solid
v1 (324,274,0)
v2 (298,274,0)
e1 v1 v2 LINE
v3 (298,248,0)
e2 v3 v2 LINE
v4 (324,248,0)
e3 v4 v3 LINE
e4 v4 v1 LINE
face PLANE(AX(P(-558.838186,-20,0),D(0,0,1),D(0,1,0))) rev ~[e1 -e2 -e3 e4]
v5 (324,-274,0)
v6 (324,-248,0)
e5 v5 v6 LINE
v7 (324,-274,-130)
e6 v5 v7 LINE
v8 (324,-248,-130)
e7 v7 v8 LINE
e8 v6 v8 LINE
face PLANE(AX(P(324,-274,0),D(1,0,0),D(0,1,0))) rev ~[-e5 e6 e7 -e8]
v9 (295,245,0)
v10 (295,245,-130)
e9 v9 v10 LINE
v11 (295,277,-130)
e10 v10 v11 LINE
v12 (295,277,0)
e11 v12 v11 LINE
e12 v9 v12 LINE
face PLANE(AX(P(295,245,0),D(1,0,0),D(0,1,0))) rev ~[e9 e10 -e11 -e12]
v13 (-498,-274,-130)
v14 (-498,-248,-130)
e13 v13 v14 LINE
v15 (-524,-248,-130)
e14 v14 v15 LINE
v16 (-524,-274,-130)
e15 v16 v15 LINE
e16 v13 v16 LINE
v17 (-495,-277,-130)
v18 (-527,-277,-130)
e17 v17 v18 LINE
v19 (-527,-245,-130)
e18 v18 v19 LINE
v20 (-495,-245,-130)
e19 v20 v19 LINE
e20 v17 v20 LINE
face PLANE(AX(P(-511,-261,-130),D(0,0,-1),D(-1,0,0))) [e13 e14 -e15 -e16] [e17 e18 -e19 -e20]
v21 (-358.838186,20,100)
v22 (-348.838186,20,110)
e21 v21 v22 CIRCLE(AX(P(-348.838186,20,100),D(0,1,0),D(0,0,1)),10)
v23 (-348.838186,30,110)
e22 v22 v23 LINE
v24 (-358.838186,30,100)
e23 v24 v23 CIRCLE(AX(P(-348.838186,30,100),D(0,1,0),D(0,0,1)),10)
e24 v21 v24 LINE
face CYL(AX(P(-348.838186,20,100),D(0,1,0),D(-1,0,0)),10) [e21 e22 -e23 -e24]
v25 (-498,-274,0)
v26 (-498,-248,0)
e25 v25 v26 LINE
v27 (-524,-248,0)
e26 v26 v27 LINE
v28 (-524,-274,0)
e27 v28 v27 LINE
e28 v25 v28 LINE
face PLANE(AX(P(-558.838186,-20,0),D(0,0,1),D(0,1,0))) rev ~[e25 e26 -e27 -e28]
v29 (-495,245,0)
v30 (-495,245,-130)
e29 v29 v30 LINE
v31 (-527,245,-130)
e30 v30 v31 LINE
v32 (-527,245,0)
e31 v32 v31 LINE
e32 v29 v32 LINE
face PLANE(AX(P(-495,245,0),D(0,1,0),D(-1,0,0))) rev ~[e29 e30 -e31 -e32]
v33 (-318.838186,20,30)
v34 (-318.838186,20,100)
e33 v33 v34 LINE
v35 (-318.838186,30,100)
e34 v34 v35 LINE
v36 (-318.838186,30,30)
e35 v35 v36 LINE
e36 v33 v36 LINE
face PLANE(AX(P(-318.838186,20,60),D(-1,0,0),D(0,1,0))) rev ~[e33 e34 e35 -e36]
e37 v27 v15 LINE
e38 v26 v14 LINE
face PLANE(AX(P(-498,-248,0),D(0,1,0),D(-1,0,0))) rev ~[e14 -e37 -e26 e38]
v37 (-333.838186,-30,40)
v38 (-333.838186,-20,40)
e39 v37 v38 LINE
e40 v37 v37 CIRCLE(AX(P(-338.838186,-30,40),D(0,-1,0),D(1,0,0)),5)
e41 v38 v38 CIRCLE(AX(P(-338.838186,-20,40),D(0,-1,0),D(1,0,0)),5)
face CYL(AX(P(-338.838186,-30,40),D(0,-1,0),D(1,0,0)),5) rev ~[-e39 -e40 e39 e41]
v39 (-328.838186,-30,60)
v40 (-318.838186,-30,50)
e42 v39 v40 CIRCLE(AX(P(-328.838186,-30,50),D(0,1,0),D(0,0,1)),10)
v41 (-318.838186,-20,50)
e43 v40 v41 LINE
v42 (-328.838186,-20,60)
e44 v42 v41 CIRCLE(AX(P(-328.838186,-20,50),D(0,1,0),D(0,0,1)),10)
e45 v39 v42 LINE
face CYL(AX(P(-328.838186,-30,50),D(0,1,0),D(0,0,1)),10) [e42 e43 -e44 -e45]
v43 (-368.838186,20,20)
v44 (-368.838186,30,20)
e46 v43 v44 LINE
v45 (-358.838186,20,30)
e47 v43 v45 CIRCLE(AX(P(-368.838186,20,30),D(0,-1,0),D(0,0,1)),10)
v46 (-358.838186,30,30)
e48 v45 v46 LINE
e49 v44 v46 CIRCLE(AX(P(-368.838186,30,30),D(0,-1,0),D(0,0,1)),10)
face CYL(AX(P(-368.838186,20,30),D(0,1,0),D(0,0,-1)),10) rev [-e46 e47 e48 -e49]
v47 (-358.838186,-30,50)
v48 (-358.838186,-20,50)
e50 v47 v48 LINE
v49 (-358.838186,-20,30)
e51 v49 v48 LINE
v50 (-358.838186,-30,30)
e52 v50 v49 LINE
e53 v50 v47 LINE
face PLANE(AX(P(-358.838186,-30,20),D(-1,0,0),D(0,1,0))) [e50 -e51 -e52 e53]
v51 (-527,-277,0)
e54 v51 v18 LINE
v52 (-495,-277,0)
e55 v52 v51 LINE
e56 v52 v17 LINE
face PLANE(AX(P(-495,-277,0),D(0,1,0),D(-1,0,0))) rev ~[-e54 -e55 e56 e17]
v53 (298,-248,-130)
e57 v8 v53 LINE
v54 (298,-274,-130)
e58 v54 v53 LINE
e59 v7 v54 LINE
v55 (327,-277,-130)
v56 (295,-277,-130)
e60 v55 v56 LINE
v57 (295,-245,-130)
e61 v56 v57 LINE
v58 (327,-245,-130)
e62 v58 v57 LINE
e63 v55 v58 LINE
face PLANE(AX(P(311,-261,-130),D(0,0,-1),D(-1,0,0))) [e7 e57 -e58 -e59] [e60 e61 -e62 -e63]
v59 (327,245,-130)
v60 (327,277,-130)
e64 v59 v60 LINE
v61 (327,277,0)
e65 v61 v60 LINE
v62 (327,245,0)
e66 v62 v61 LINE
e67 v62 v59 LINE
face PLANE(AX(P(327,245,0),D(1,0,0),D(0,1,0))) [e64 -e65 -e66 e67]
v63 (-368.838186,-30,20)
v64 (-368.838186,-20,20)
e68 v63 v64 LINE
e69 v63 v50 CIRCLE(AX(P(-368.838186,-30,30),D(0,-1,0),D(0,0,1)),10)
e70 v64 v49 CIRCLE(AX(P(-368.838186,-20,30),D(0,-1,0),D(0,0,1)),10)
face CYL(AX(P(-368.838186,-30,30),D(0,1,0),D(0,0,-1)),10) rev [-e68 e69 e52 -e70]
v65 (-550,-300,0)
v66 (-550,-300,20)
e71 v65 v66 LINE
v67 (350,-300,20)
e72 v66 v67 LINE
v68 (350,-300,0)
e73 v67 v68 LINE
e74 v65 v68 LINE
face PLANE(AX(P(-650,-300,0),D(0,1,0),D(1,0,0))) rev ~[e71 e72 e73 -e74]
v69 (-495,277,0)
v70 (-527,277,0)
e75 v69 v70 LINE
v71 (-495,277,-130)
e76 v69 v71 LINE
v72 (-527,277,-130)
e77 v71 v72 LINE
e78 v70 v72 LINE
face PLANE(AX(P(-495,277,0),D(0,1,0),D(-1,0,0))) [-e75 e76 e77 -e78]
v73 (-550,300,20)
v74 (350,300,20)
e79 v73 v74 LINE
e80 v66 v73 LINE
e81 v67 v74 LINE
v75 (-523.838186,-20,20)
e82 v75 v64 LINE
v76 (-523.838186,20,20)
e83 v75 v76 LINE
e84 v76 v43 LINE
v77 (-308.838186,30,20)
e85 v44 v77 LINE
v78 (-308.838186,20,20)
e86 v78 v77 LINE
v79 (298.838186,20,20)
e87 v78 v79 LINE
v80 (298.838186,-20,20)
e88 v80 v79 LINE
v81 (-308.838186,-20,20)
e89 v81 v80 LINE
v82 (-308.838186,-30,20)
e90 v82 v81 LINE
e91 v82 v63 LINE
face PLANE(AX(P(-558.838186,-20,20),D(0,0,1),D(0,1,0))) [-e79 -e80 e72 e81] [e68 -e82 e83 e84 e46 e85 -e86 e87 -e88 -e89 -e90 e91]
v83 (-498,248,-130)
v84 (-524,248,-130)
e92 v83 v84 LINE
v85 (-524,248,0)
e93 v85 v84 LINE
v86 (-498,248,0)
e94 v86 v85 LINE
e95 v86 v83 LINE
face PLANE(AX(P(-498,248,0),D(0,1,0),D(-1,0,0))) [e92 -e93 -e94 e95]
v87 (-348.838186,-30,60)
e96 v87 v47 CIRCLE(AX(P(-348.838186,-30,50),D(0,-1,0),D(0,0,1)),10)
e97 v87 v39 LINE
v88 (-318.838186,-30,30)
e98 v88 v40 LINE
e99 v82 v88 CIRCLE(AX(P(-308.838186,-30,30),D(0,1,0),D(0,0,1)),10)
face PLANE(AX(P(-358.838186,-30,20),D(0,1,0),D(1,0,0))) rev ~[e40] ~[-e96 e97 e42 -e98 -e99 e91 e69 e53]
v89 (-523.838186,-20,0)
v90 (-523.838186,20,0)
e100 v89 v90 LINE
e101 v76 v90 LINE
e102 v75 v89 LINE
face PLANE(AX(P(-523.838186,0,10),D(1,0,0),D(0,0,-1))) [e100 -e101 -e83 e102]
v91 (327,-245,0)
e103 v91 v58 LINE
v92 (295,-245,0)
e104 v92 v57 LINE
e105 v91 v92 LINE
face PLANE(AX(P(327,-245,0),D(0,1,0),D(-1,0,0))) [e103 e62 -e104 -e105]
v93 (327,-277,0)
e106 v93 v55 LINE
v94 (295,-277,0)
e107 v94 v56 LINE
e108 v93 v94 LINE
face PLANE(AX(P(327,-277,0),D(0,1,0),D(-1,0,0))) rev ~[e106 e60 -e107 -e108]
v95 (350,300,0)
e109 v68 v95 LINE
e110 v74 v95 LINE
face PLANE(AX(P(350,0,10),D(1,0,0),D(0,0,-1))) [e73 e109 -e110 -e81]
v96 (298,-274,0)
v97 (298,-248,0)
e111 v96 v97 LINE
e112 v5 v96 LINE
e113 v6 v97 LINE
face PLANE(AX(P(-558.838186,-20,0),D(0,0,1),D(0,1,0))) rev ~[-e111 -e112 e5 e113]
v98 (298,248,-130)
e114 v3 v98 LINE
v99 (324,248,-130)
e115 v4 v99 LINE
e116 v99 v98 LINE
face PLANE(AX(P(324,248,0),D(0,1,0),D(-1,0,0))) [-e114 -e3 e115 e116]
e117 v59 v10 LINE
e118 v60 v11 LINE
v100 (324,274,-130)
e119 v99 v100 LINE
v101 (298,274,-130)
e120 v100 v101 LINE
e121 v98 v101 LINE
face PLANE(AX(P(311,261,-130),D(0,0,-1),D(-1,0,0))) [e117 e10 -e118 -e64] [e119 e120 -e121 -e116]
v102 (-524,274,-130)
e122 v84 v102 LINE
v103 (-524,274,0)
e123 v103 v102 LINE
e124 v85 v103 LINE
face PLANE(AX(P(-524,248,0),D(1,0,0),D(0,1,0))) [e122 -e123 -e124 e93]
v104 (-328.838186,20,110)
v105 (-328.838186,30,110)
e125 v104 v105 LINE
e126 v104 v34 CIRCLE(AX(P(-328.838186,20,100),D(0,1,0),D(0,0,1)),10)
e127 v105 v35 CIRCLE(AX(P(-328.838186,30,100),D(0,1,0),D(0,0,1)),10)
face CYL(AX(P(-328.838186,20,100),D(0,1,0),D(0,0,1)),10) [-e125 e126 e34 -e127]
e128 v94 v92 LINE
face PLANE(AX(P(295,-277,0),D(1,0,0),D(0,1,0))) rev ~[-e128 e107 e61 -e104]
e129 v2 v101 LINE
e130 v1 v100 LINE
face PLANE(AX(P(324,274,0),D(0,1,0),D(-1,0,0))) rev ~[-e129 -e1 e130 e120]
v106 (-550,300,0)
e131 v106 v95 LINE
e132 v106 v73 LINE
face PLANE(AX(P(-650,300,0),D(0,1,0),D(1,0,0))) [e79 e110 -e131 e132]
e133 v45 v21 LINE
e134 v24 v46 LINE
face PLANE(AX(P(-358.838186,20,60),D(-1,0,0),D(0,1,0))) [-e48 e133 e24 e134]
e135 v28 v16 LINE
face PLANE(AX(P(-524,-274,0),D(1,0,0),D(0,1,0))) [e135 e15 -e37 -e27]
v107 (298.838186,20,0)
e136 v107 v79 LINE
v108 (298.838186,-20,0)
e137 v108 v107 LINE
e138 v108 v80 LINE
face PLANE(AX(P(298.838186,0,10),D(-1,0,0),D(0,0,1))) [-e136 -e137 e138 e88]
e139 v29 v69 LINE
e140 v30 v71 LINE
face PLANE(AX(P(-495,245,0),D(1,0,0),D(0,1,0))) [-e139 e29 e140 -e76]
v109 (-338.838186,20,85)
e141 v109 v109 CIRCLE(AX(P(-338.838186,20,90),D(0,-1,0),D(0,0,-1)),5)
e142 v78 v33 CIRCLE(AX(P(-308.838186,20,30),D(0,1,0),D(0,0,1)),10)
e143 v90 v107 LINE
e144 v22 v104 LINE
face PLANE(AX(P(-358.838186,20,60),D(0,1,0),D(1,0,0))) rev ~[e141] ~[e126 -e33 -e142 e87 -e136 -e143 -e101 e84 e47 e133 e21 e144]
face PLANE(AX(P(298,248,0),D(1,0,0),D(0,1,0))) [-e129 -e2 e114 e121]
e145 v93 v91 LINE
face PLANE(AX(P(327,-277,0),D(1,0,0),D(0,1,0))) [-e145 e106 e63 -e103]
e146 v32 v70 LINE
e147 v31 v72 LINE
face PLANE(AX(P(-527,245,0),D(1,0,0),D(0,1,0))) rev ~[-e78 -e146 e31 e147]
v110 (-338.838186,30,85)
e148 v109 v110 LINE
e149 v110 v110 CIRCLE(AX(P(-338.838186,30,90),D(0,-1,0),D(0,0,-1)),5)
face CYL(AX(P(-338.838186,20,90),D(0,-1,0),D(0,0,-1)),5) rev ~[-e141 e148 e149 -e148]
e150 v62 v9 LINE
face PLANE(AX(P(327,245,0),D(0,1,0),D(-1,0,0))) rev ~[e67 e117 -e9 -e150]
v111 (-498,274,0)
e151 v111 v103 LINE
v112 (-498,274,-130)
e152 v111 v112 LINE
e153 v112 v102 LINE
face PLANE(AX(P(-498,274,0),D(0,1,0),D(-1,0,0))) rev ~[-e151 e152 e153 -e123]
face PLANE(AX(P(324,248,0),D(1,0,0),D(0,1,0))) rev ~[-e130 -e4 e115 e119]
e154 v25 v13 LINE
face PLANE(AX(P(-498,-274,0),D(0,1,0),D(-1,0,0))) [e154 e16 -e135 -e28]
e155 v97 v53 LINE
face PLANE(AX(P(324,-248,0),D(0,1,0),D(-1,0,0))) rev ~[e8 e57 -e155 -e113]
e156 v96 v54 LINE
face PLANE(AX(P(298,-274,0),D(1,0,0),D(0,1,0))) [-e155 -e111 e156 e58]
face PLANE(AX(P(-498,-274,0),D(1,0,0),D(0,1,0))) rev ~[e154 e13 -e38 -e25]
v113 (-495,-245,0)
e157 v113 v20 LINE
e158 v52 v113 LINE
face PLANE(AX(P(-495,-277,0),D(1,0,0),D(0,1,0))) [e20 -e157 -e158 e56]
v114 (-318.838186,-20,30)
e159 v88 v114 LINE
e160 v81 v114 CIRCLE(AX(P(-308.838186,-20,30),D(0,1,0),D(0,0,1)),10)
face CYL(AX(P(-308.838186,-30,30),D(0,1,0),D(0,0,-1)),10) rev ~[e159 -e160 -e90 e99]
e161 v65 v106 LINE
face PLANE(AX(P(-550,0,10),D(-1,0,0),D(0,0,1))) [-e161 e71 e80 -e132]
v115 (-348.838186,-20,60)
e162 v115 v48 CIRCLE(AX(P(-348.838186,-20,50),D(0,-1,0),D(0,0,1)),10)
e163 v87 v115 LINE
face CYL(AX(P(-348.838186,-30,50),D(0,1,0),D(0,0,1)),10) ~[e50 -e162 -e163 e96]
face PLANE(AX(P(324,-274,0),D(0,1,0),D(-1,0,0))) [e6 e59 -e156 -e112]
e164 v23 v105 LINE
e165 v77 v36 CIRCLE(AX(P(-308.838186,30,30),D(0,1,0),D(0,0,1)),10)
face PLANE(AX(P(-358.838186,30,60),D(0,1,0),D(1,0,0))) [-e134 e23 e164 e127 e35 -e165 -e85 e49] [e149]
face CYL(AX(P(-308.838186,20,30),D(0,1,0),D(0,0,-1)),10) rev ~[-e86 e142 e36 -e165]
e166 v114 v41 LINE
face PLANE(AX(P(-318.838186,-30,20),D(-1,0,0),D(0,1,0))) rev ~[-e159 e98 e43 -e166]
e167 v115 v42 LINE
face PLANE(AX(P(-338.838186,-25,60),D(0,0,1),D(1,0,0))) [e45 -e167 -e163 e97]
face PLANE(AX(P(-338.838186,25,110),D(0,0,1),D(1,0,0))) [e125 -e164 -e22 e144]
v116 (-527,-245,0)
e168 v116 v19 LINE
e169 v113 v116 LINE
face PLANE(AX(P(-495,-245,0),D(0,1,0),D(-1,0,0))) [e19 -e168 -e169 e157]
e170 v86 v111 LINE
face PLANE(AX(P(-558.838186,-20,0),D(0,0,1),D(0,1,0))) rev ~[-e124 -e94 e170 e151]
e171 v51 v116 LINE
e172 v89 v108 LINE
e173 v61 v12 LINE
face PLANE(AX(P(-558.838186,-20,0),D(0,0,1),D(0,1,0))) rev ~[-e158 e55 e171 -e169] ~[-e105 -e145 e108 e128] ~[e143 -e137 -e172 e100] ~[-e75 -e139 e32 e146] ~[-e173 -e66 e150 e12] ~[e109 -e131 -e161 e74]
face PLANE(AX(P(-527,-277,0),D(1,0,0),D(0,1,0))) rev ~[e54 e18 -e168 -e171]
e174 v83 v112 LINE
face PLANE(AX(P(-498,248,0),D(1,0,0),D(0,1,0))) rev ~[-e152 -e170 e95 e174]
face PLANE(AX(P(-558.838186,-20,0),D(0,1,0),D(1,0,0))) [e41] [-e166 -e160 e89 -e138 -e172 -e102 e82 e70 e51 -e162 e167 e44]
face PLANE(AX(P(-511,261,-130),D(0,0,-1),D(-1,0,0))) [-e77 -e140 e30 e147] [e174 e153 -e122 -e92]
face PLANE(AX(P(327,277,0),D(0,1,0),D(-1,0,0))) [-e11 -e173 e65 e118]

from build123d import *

# Parameters (mm, degrees)
SKETCH1_W           = 1300
SKETCH1_H           = 600
SKETCH1_W_2         = 1117.676372874
SKETCH1_H_2         = 40
BOSS_EXTRUDE1_DEPTH = 20
SKETCH2_W           = 40
SKETCH2_H           = 10
BOSS_EXTRUDE2_DEPTH = 40
SKETCH3_R           = 5
CUT_EXTRUDE1_DEPTH  = 10
SKETCH4_W           = 40
SKETCH4_H           = 10
BOSS_EXTRUDE3_DEPTH = 50
SKETCH5_R           = 5
CUT_EXTRUDE2_DEPTH  = 10
FILLET1_R           = 10
FILLET2_R           = 10
FILLET3_R           = 10
FILLET4_R           = 10
FILLET5_R           = 10
FILLET6_R           = 10
FILLET7_R           = 10
FILLET8_R           = 10
SKETCH6_W           = 20
SKETCH6_H           = 40
BOSS_EXTRUDE4_DEPTH = 260
SKETCH7_W           = 20
SKETCH7_H           = 40
BOSS_EXTRUDE5_DEPTH = 35
SKETCH8_W           = 20
SKETCH8_H           = 600
CUT_EXTRUDE3_DEPTH  = 100
SKETCH9_W           = 20
SKETCH9_H           = 600
CUT_EXTRUDE4_DEPTH  = 300
SKETCH10_W          = 32
SKETCH10_H          = 32
SKETCH10_W_2        = 26
SKETCH10_H_2        = 26
BOSS_EXTRUDE6_DEPTH = 130


with BuildPart() as part:
    # Sketch1 → Boss-Extrude1 (new body)
    with BuildSketch(Plane.XY):
        Rectangle(SKETCH1_W, SKETCH1_H)
        Rectangle(SKETCH1_W_2, SKETCH1_H_2, mode=Mode.SUBTRACT)
    extrude(amount=BOSS_EXTRUDE1_DEPTH)

    # Sketch2 → Boss-Extrude2 (add)
    with BuildSketch(Plane.XY.offset(20)):
        with Locations((-338.838186437, 25)):
            Rectangle(SKETCH2_W, SKETCH2_H)
        with Locations((-338.838186437, -25)):
            Rectangle(SKETCH2_W, SKETCH2_H)
    extrude(amount=BOSS_EXTRUDE2_DEPTH)

    # Sketch3 → Cut-Extrude1 (cut)
    with BuildSketch(Plane.XZ.offset(30)):
        with Locations((-338.838186437, 40)):
            Circle(SKETCH3_R)
    extrude(amount=-CUT_EXTRUDE1_DEPTH, mode=Mode.SUBTRACT)

    # Sketch4 → Boss-Extrude3 (add)
    with BuildSketch(Plane.XY.offset(60)):
        with Locations((-338.838186437, 25)):
            Rectangle(SKETCH4_W, SKETCH4_H)
    extrude(amount=BOSS_EXTRUDE3_DEPTH)

    # Sketch5 → Cut-Extrude2 (cut)
    with BuildSketch(Plane.XZ.offset(-20)):
        with Locations(Location((-338.838186437, 90, 0), (0, 0, 270))):
            Circle(SKETCH5_R)
    extrude(amount=-CUT_EXTRUDE2_DEPTH, mode=Mode.SUBTRACT)

    # Fillet1
    fillet1_edges = [part.edges().sort_by_distance(p)[0] for p in [
        (-318.838186437, -25, 20),
    ]]
    fillet(fillet1_edges, radius=FILLET1_R)

    # Fillet2
    fillet2_edges = [part.edges().sort_by_distance(p)[0] for p in [
        (-318.838186437, 25, 20),
    ]]
    fillet(fillet2_edges, radius=FILLET2_R)

    # Fillet3
    fillet3_edges = [part.edges().sort_by_distance(p)[0] for p in [
        (-358.838186437, -25, 20),
    ]]
    fillet(fillet3_edges, radius=FILLET3_R)

    # Fillet4
    fillet4_edges = [part.edges().sort_by_distance(p)[0] for p in [
        (-358.838186437, 25, 20),
    ]]
    fillet(fillet4_edges, radius=FILLET4_R)

    # Fillet5
    fillet5_edges = [part.edges().sort_by_distance(p)[0] for p in [
        (-318.838186437, -25, 60),
    ]]
    fillet(fillet5_edges, radius=FILLET5_R)

    # Fillet6
    fillet6_edges = [part.edges().sort_by_distance(p)[0] for p in [
        (-358.838186437, -25, 60),
    ]]
    fillet(fillet6_edges, radius=FILLET6_R)

    # Fillet7
    fillet7_edges = [part.edges().sort_by_distance(p)[0] for p in [
        (-358.838186437, 25, 110),
    ]]
    fillet(fillet7_edges, radius=FILLET7_R)

    # Fillet8
    fillet8_edges = [part.edges().sort_by_distance(p)[0] for p in [
        (-318.838186437, 25, 110),
    ]]
    fillet(fillet8_edges, radius=FILLET8_R)

    # Sketch6 → Boss-Extrude4 (add)
    with BuildSketch(Plane.ZY.offset(-558.838186437)):
        with Locations((10, 0)):
            Rectangle(SKETCH6_W, SKETCH6_H)
    extrude(amount=BOSS_EXTRUDE4_DEPTH)

    # Sketch7 → Boss-Extrude5 (add)
    with BuildSketch(Plane(origin=(-558.838186437, 0, 0), x_dir=(0, 0, -1), z_dir=(1, 0, 0))):
        with Locations((-10, 0)):
            Rectangle(SKETCH7_W, SKETCH7_H)
    extrude(amount=BOSS_EXTRUDE5_DEPTH)

    # Sketch8 → Cut-Extrude3 (cut)
    with BuildSketch(Plane.ZY.offset(650)):
        with Locations((10, 0)):
            Rectangle(SKETCH8_W, SKETCH8_H)
    extrude(amount=-CUT_EXTRUDE3_DEPTH, mode=Mode.SUBTRACT)

    # Sketch9 → Cut-Extrude4 (cut)
    with BuildSketch(Plane(origin=(650, 0, 0), x_dir=(0, 0, -1), z_dir=(1, 0, 0))):
        with Locations((-10, 0)):
            Rectangle(SKETCH9_W, SKETCH9_H)
    extrude(amount=-CUT_EXTRUDE4_DEPTH, mode=Mode.SUBTRACT)

    # Sketch10 → Boss-Extrude6 (add)
    # profile 1 of 4: a face of its own
    with BuildSketch(Plane(origin=(0, 0, 0), x_dir=(-1, 0, 0), z_dir=(0, 0, -1))):
        with Locations((511, -261)):
            Rectangle(SKETCH10_W, SKETCH10_H)
        with Locations((511, -261)):
            Rectangle(SKETCH10_W_2, SKETCH10_H_2, mode=Mode.SUBTRACT)
    # profile 2 of 4: a face of its own
    with BuildSketch(Plane(origin=(0, 0, 0), x_dir=(-1, 0, 0), z_dir=(0, 0, -1))):
        with Locations((-311, -261)):
            Rectangle(SKETCH10_W, SKETCH10_H)
        with Locations((-311, -261)):
            Rectangle(SKETCH10_W_2, SKETCH10_H_2, mode=Mode.SUBTRACT)
    # profile 3 of 4: a face of its own
    with BuildSketch(Plane(origin=(0, 0, 0), x_dir=(-1, 0, 0), z_dir=(0, 0, -1))):
        with Locations((-311, 261)):
            Rectangle(SKETCH10_W, SKETCH10_H)
        with Locations((-311, 261)):
            Rectangle(SKETCH10_W_2, SKETCH10_H_2, mode=Mode.SUBTRACT)
    # profile 4 of 4: a face of its own
    with BuildSketch(Plane(origin=(0, 0, 0), x_dir=(-1, 0, 0), z_dir=(0, 0, -1))):
        with Locations((511, 261)):
            Rectangle(SKETCH10_W, SKETCH10_H)
        with Locations((511, 261)):
            Rectangle(SKETCH10_W_2, SKETCH10_H_2, mode=Mode.SUBTRACT)
    extrude(amount=BOSS_EXTRUDE6_DEPTH)


solid = part.part
